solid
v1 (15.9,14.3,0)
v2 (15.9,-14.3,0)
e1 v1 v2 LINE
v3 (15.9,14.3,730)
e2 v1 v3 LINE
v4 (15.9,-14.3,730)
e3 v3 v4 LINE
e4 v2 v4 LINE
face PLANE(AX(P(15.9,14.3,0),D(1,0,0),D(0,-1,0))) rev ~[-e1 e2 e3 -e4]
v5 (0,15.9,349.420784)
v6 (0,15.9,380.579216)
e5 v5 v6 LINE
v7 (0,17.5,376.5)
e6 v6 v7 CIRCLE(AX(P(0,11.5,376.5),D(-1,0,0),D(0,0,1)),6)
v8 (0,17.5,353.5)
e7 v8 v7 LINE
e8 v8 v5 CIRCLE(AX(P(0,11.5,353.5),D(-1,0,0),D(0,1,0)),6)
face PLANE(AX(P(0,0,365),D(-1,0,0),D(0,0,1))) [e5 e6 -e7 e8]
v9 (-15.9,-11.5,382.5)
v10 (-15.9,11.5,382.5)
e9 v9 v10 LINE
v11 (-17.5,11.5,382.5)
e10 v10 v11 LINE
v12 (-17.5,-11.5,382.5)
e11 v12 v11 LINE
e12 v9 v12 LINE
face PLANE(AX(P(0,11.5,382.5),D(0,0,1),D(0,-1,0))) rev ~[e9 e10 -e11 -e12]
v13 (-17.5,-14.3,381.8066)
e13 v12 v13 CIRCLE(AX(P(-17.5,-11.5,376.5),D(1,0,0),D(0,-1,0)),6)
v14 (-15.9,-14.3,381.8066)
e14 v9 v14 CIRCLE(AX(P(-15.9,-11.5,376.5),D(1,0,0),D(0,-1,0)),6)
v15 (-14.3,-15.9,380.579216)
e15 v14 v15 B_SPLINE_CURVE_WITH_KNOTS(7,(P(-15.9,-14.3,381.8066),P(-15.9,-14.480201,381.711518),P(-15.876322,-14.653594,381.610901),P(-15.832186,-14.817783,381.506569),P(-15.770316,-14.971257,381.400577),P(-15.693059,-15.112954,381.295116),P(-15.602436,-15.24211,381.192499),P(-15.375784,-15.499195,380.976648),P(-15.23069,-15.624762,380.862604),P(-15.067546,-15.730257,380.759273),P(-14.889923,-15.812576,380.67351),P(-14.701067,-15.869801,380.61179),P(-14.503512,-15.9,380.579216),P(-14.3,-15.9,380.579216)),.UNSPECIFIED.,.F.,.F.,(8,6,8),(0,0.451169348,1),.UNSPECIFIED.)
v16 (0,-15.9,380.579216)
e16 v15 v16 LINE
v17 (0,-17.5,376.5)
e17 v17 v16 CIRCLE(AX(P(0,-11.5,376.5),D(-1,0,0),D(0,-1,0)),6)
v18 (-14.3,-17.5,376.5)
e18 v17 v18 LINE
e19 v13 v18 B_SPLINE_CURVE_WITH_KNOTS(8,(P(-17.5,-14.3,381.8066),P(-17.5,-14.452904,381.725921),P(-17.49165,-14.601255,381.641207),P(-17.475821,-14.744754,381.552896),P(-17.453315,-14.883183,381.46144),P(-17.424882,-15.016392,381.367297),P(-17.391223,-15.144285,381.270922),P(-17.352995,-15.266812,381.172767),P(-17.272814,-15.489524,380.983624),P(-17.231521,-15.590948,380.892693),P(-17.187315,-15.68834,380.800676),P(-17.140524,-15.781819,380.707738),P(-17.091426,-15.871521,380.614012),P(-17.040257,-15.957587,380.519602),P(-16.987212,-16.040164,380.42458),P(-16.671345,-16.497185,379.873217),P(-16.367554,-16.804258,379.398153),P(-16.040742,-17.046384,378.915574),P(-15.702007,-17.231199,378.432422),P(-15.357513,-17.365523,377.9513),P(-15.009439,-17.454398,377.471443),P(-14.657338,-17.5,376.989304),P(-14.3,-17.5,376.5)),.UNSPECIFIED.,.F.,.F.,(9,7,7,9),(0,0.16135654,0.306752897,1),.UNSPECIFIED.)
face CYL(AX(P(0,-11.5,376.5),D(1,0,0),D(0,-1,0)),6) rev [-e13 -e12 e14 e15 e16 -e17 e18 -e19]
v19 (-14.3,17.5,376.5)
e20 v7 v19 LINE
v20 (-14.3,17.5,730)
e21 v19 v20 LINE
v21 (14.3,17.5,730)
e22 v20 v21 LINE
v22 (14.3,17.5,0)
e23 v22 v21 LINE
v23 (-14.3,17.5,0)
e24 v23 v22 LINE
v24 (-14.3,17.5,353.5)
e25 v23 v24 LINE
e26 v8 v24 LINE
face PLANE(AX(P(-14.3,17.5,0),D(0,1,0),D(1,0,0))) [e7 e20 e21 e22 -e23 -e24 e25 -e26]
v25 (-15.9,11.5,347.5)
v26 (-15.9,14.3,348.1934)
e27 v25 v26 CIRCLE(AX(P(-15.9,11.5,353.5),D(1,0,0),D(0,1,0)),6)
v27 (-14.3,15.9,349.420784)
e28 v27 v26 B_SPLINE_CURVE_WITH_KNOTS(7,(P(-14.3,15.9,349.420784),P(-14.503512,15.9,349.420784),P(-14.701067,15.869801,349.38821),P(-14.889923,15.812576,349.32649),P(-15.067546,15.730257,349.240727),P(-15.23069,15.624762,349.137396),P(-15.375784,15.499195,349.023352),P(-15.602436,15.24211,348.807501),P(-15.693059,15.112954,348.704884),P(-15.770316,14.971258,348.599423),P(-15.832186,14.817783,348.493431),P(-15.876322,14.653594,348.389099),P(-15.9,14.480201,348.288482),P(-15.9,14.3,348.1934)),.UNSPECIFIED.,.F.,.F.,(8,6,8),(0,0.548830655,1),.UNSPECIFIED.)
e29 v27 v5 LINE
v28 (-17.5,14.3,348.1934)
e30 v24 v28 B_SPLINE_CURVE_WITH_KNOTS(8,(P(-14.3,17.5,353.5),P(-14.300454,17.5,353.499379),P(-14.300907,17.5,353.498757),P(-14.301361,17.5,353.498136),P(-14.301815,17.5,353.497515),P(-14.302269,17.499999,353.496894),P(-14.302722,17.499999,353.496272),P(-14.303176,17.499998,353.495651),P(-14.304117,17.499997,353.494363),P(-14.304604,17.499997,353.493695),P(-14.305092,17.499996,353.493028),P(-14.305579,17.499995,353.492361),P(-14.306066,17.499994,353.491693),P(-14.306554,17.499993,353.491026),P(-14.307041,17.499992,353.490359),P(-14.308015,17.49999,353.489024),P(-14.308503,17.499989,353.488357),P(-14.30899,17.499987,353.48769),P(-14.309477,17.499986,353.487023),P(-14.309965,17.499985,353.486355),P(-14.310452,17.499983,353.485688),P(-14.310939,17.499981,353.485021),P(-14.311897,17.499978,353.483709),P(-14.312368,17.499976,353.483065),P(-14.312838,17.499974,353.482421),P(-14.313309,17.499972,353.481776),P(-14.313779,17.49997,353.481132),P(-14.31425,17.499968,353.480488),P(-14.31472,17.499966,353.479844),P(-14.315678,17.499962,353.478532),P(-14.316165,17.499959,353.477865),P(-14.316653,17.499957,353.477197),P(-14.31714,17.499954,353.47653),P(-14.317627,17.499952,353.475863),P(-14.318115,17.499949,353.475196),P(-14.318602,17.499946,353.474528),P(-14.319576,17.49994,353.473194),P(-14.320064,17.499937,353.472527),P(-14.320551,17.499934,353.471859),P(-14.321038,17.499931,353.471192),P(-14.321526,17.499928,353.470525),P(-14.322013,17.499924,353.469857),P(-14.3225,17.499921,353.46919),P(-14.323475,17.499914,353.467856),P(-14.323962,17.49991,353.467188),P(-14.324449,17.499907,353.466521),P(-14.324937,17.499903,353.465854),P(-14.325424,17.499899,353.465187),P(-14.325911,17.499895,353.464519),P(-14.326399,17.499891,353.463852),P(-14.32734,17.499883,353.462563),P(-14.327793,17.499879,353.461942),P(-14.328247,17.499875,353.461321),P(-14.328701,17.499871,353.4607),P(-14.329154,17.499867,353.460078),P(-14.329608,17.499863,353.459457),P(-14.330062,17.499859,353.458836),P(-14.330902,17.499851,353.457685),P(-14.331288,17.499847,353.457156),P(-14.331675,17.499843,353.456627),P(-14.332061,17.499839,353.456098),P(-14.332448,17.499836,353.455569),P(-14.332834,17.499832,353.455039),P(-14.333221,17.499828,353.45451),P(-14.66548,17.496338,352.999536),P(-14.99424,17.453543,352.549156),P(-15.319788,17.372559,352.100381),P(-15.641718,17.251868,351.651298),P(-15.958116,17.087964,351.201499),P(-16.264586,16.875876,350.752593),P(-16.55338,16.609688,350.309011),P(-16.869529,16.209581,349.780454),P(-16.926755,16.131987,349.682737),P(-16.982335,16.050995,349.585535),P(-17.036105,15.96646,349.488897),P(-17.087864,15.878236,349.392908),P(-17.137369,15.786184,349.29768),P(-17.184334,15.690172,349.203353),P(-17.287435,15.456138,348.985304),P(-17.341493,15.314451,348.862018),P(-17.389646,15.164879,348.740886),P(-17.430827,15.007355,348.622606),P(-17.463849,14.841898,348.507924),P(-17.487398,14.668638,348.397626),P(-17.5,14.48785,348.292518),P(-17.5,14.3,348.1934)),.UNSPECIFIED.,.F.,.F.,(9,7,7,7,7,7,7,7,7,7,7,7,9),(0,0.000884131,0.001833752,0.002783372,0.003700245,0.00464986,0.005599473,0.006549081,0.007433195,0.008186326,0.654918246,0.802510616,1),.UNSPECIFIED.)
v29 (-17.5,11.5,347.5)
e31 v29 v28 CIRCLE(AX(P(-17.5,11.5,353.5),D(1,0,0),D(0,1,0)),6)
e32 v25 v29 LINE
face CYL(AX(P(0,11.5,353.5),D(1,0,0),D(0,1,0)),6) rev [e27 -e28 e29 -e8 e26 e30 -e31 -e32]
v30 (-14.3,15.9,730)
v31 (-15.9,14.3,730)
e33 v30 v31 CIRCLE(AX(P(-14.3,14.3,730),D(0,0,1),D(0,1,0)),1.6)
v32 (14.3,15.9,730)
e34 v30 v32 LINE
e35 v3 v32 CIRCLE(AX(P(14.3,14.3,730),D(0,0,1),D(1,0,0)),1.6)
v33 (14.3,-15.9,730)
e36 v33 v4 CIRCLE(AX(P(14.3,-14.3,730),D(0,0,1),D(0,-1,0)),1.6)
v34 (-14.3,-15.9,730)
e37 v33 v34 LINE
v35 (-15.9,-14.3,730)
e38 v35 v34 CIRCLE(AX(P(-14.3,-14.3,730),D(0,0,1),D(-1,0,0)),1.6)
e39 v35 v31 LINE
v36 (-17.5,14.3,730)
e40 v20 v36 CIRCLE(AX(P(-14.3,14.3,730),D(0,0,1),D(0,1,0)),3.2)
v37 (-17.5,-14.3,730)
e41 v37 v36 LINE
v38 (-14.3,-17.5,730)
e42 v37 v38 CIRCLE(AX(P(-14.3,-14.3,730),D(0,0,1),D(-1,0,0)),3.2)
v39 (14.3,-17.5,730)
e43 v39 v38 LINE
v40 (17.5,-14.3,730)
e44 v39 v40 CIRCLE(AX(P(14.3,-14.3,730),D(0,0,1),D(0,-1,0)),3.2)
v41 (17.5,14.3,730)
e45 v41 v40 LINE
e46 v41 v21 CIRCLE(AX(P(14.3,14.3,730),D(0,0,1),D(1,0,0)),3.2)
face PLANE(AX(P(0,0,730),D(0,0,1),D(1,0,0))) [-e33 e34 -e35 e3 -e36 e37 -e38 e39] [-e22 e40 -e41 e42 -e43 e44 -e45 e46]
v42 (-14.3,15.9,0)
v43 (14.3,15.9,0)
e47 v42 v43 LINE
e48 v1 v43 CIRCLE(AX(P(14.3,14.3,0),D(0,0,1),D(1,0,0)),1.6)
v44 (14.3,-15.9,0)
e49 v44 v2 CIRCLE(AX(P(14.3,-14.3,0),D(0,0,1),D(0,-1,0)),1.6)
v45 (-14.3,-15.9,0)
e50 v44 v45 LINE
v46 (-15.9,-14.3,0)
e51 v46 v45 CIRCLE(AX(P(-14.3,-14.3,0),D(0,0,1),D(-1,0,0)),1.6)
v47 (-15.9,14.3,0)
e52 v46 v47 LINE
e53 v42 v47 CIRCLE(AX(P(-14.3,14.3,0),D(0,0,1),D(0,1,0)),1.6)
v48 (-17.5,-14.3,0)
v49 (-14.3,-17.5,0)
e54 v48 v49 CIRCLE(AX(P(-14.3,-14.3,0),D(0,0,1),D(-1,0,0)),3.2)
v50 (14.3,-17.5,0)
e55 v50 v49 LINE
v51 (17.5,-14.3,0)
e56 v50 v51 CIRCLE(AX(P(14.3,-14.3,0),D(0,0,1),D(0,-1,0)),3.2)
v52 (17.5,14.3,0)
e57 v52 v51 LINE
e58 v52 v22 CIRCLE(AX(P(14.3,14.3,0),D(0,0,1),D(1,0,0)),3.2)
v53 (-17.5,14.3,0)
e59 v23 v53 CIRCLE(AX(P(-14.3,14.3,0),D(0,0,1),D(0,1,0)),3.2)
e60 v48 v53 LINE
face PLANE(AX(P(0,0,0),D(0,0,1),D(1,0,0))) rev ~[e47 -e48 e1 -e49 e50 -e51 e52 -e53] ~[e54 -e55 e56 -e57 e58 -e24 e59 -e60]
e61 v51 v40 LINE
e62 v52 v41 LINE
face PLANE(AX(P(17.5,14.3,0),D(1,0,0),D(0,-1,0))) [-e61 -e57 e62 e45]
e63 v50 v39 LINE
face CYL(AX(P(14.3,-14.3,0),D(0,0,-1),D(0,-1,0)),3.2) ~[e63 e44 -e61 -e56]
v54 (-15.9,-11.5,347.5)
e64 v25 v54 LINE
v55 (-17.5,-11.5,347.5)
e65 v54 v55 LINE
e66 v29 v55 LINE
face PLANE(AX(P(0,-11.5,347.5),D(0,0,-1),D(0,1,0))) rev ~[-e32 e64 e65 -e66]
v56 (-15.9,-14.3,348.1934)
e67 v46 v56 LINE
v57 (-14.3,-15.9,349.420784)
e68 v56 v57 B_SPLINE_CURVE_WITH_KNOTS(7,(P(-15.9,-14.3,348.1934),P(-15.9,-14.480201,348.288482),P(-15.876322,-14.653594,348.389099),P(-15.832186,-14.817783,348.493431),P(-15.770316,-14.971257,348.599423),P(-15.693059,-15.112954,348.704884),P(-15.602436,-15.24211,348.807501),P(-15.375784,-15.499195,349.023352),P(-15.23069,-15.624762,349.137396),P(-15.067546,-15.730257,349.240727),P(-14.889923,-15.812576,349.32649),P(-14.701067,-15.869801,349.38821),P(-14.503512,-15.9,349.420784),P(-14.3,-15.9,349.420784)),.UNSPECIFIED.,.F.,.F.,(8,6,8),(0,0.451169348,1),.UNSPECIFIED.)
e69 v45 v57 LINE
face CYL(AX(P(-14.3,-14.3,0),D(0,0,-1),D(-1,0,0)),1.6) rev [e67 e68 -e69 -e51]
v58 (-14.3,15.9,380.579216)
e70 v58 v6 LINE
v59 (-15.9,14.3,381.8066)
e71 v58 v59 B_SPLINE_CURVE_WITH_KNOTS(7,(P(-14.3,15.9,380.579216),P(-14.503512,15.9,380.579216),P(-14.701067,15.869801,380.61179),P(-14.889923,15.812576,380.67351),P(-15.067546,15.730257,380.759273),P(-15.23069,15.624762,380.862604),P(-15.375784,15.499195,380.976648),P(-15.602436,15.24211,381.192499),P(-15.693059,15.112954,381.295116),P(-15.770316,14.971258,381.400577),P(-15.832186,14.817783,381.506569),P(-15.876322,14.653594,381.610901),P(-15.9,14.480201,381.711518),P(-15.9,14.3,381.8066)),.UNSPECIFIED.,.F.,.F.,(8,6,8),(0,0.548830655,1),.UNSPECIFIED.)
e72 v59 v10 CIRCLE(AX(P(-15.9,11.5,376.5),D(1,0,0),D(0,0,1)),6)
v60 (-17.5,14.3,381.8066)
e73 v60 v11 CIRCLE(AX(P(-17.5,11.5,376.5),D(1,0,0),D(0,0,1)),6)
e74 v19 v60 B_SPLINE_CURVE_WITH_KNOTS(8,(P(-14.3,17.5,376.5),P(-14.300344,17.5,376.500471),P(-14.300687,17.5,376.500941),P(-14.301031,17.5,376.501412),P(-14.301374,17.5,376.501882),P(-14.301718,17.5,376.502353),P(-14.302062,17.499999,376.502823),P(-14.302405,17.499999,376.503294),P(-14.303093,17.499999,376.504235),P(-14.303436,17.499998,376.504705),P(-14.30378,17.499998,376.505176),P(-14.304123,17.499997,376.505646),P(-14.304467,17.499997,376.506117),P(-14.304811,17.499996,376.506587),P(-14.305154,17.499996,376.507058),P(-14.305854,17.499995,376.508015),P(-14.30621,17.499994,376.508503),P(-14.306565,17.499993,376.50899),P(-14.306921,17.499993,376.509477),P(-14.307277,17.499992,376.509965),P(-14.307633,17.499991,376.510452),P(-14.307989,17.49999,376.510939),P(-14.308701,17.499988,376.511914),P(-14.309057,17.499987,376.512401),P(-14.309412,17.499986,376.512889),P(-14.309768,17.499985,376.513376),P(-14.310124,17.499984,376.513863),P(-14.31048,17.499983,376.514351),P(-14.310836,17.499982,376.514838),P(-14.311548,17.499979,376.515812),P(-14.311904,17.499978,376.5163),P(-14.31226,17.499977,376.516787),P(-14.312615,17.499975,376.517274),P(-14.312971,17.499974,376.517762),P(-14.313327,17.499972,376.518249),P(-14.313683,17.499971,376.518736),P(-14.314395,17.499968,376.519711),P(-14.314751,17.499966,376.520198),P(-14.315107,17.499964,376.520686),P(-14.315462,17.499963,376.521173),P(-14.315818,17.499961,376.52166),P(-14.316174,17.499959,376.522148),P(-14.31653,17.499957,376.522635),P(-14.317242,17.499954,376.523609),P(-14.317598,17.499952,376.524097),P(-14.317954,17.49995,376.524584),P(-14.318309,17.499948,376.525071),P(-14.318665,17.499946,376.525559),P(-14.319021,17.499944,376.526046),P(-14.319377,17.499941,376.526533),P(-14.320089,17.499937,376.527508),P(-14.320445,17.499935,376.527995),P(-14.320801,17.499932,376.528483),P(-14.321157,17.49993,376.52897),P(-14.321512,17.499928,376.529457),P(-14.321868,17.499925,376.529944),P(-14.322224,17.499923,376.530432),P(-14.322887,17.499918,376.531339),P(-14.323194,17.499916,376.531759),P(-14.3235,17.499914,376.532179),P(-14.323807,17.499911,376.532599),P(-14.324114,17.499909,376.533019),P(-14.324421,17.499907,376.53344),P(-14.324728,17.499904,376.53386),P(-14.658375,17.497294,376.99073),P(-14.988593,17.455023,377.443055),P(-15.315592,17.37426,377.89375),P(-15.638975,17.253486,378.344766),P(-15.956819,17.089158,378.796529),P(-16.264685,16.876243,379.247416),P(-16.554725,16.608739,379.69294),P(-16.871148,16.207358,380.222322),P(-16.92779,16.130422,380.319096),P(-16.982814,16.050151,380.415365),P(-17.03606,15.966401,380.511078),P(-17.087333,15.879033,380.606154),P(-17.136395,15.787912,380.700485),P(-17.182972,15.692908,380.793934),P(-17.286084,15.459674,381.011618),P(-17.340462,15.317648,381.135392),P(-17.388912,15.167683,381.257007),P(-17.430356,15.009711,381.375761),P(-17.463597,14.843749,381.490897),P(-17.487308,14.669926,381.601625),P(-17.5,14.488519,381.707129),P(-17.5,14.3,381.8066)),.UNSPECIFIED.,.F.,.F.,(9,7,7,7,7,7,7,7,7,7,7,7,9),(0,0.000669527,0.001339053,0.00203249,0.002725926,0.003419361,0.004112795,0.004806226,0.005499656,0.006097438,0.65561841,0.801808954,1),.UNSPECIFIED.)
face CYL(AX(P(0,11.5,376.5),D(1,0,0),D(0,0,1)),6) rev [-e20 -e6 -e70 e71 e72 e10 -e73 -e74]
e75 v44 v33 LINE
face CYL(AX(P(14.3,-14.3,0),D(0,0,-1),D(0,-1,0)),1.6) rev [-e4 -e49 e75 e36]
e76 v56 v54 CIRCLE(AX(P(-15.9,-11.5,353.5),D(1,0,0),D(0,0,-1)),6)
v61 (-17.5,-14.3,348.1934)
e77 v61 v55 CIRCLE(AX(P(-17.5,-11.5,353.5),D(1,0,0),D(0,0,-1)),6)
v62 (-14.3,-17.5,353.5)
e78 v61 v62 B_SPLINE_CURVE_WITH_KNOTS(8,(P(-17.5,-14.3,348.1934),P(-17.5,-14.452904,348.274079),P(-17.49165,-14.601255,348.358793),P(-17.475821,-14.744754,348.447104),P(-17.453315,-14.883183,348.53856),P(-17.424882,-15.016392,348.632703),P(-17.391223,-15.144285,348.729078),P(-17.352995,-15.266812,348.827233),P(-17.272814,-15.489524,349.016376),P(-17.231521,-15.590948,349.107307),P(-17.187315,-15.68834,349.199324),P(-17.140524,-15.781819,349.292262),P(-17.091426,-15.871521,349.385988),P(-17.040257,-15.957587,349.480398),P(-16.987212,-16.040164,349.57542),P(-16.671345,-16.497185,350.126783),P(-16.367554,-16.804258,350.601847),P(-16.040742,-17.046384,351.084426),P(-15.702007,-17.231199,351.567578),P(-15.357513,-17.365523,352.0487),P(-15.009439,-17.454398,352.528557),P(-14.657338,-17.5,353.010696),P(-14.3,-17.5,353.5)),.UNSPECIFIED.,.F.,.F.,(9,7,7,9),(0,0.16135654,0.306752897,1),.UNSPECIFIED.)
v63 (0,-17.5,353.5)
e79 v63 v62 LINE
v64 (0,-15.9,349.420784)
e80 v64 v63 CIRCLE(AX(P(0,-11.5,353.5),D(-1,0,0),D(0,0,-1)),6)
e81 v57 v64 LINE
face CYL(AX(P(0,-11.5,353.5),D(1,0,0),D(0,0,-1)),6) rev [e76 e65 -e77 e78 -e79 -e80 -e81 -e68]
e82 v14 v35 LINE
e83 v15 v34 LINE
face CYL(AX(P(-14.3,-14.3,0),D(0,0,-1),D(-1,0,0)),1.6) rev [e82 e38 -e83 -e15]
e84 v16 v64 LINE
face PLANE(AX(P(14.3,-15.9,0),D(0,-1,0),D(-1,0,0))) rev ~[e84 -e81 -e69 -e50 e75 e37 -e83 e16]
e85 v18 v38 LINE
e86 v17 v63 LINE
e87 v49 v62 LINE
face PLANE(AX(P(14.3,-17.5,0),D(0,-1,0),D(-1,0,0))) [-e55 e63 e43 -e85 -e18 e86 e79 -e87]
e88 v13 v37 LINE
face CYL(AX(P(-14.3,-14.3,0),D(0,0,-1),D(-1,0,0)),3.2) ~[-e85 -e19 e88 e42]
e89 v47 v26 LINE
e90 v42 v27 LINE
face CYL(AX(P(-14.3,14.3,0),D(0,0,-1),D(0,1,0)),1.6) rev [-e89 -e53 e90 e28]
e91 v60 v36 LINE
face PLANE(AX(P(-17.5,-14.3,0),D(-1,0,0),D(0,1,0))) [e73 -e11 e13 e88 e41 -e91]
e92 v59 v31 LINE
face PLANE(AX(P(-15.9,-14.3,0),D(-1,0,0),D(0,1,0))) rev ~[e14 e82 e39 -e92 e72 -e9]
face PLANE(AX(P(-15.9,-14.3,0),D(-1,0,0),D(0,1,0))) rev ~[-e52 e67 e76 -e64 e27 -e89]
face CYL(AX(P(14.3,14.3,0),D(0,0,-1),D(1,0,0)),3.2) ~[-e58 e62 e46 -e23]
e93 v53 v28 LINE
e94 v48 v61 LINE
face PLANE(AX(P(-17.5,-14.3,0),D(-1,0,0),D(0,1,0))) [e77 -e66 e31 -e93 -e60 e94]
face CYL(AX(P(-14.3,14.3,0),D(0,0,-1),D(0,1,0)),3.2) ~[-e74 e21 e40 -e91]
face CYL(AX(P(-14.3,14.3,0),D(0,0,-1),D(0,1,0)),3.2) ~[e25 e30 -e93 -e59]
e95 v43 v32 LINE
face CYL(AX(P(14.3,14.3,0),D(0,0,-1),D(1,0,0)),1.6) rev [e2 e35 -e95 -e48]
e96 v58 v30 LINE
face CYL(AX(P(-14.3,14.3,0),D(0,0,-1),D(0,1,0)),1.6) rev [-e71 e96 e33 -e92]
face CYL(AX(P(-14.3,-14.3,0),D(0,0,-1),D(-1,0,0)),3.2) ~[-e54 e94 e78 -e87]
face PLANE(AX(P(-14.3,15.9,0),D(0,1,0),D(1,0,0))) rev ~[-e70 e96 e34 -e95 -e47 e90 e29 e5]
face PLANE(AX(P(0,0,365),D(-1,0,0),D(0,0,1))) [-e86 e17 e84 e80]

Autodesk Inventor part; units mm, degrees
ref_plane "Start plane" through (0, 0, 0) normal (0, 0, 1) x (1, 0, 0)
ref_plane "End plane" through (0, 0, 730) normal (0, 0, 1) x (1, 0, 0)
sketch "Sketch" plane through (0, 0, 0) normal (0, 0, 1) x (1, 0, 0)
  line L0 (-17.5, -14.3) -> (-17.5, 14.3)
  line L1 (-14.3, 17.5) -> (14.3, 17.5)
  line L2 (17.5, 14.3) -> (17.5, -14.3)
  line L3 (14.3, -17.5) -> (-14.3, -17.5)
  arc A0 (-17.5, -14.3) -> (-14.3, -17.5) centre (-14.3, -14.3) ccw
  arc A1 (-14.3, 17.5) -> (-17.5, 14.3) centre (-14.3, 14.3) ccw
  arc A2 (17.5, 14.3) -> (14.3, 17.5) centre (14.3, 14.3) ccw
  arc A3 (14.3, -17.5) -> (17.5, -14.3) centre (14.3, -14.3) ccw
  arc A4 (-14.3, 15.9) -> (-15.9, 14.3) centre (-14.3, 14.3) ccw
  line L4 (-14.3, 15.9) -> (14.3, 15.9)
  arc A5 (15.9, 14.3) -> (14.3, 15.9) centre (14.3, 14.3) ccw
  line L5 (15.9, 14.3) -> (15.9, -14.3)
  arc A6 (14.3, -15.9) -> (15.9, -14.3) centre (14.3, -14.3) ccw
  line L6 (14.3, -15.9) -> (-14.3, -15.9)
  arc A7 (-15.9, -14.3) -> (-14.3, -15.9) centre (-14.3, -14.3) ccw
  line L7 (-15.9, -14.3) -> (-15.9, 14.3)
  line L8 (0, 25.4278) -> (0, -25.4278) construction
  line L9 (-25.4278, 0) -> (25.4278, 0) construction
  dimension "d7" = 3.2
  dimension "d10" = 35
  dimension "d11" = 35
  dimension "d12" = 1.6
  dimension "d15" = 17.5
  dimension "d16" = 17.5
extrude "Body" add sketch "Sketch" along normal up to surface (730 mm away) from surface at 0
sketch "Sketch3" plane through (0, 0, 0) normal (0, 0, 1) x (1, 0, 0)
  line L0 (0, 0) -> (10, 0)
ref_plane "Work Plane3" through (0, 0, 0) normal (0, -1, 0) x (1, 0, 0)
sketch "Sketch4" plane through (0, 0, 0) normal (0, -1, 0) x (1, 0, 0)
  line L0 (-2, 0) -> (12, 0)
  line L1 (-2, 730) -> (12, 730)
  dimension "d18" = 730
ref_plane "Work Plane4" through (0, 0, 365) normal (-1, 0, 0) x (0, 0, 1)
ref_plane "Work Plane5" through (-430, 0, 365) normal (-1, 0, 0) x (0, 0, 1)
ref_plane "Work Plane6" through (-215, 0, 365) normal (-1, 0, 0) x (0, 0, 1)
sketch "Sketch5" plane through (-215, 0, 365) normal (-1, 0, 0) x (0, 0, 1)
  arc A0 (-17.5, -11.5) -> (-11.5, -17.5) centre (-11.5, -11.5) ccw
  line L0 (-17.5, -11.5) -> (-17.5, 11.5)
  arc A1 (-11.5, 17.5) -> (-17.5, 11.5) centre (-11.5, 11.5) ccw
  line L1 (-11.5, 17.5) -> (11.5, 17.5)
  arc A2 (17.5, 11.5) -> (11.5, 17.5) centre (11.5, 11.5) ccw
  line L2 (17.5, 11.5) -> (17.5, -11.5)
  arc A3 (11.5, -17.5) -> (17.5, -11.5) centre (11.5, -11.5) ccw
  line L3 (11.5, -17.5) -> (-11.5, -17.5)
  arc A4 (-11.5, 14.5) -> (-14.5, 11.5) centre (-11.5, 11.5) ccw
  line L4 (-11.5, 14.5) -> (11.5, 14.5)
  arc A5 (14.5, 11.5) -> (11.5, 14.5) centre (11.5, 11.5) ccw
  line L5 (14.5, 11.5) -> (14.5, -11.5)
  arc A6 (11.5, -14.5) -> (14.5, -11.5) centre (11.5, -11.5) ccw
  line L6 (11.5, -14.5) -> (-11.5, -14.5)
  arc A7 (-14.5, -11.5) -> (-11.5, -14.5) centre (-11.5, -11.5) ccw
  line L7 (-14.5, -11.5) -> (-14.5, 11.5)
extrude "Extrusion2" cut sketch "Sketch5" along normal up to surface (430 mm away) from surface at -215 contours L0 A1 L1 A2 L2 A3 L3 A0 | L4 A5 L5 A6 L6 A7 L7 A4
equation "\"d7\" = G_IR"
equation "\"d10\" = G_H"
equation "\"d11\" = G_W"
equation "\"d12\" = G_T"
equation "\"d15\" = 0.5 * d10"
equation "\"d16\" = 0.5 * d11"
equation "\"d3\" = G_L"
equation "\"G_W\" = 35"
equation "\"G_H\" = 35"
equation "\"G_T\" = 1.6"
equation "\"G_IR\" = 3.2"
equation "\"G_L\" = d18"
equation "\"G_OFFSET_START\" = 0"
equation "\"G_OFFSET_END\" = 0"
properties part number "AS C350L0 35x35x3.0 SHS 00000056" material "Steel, Mild"
